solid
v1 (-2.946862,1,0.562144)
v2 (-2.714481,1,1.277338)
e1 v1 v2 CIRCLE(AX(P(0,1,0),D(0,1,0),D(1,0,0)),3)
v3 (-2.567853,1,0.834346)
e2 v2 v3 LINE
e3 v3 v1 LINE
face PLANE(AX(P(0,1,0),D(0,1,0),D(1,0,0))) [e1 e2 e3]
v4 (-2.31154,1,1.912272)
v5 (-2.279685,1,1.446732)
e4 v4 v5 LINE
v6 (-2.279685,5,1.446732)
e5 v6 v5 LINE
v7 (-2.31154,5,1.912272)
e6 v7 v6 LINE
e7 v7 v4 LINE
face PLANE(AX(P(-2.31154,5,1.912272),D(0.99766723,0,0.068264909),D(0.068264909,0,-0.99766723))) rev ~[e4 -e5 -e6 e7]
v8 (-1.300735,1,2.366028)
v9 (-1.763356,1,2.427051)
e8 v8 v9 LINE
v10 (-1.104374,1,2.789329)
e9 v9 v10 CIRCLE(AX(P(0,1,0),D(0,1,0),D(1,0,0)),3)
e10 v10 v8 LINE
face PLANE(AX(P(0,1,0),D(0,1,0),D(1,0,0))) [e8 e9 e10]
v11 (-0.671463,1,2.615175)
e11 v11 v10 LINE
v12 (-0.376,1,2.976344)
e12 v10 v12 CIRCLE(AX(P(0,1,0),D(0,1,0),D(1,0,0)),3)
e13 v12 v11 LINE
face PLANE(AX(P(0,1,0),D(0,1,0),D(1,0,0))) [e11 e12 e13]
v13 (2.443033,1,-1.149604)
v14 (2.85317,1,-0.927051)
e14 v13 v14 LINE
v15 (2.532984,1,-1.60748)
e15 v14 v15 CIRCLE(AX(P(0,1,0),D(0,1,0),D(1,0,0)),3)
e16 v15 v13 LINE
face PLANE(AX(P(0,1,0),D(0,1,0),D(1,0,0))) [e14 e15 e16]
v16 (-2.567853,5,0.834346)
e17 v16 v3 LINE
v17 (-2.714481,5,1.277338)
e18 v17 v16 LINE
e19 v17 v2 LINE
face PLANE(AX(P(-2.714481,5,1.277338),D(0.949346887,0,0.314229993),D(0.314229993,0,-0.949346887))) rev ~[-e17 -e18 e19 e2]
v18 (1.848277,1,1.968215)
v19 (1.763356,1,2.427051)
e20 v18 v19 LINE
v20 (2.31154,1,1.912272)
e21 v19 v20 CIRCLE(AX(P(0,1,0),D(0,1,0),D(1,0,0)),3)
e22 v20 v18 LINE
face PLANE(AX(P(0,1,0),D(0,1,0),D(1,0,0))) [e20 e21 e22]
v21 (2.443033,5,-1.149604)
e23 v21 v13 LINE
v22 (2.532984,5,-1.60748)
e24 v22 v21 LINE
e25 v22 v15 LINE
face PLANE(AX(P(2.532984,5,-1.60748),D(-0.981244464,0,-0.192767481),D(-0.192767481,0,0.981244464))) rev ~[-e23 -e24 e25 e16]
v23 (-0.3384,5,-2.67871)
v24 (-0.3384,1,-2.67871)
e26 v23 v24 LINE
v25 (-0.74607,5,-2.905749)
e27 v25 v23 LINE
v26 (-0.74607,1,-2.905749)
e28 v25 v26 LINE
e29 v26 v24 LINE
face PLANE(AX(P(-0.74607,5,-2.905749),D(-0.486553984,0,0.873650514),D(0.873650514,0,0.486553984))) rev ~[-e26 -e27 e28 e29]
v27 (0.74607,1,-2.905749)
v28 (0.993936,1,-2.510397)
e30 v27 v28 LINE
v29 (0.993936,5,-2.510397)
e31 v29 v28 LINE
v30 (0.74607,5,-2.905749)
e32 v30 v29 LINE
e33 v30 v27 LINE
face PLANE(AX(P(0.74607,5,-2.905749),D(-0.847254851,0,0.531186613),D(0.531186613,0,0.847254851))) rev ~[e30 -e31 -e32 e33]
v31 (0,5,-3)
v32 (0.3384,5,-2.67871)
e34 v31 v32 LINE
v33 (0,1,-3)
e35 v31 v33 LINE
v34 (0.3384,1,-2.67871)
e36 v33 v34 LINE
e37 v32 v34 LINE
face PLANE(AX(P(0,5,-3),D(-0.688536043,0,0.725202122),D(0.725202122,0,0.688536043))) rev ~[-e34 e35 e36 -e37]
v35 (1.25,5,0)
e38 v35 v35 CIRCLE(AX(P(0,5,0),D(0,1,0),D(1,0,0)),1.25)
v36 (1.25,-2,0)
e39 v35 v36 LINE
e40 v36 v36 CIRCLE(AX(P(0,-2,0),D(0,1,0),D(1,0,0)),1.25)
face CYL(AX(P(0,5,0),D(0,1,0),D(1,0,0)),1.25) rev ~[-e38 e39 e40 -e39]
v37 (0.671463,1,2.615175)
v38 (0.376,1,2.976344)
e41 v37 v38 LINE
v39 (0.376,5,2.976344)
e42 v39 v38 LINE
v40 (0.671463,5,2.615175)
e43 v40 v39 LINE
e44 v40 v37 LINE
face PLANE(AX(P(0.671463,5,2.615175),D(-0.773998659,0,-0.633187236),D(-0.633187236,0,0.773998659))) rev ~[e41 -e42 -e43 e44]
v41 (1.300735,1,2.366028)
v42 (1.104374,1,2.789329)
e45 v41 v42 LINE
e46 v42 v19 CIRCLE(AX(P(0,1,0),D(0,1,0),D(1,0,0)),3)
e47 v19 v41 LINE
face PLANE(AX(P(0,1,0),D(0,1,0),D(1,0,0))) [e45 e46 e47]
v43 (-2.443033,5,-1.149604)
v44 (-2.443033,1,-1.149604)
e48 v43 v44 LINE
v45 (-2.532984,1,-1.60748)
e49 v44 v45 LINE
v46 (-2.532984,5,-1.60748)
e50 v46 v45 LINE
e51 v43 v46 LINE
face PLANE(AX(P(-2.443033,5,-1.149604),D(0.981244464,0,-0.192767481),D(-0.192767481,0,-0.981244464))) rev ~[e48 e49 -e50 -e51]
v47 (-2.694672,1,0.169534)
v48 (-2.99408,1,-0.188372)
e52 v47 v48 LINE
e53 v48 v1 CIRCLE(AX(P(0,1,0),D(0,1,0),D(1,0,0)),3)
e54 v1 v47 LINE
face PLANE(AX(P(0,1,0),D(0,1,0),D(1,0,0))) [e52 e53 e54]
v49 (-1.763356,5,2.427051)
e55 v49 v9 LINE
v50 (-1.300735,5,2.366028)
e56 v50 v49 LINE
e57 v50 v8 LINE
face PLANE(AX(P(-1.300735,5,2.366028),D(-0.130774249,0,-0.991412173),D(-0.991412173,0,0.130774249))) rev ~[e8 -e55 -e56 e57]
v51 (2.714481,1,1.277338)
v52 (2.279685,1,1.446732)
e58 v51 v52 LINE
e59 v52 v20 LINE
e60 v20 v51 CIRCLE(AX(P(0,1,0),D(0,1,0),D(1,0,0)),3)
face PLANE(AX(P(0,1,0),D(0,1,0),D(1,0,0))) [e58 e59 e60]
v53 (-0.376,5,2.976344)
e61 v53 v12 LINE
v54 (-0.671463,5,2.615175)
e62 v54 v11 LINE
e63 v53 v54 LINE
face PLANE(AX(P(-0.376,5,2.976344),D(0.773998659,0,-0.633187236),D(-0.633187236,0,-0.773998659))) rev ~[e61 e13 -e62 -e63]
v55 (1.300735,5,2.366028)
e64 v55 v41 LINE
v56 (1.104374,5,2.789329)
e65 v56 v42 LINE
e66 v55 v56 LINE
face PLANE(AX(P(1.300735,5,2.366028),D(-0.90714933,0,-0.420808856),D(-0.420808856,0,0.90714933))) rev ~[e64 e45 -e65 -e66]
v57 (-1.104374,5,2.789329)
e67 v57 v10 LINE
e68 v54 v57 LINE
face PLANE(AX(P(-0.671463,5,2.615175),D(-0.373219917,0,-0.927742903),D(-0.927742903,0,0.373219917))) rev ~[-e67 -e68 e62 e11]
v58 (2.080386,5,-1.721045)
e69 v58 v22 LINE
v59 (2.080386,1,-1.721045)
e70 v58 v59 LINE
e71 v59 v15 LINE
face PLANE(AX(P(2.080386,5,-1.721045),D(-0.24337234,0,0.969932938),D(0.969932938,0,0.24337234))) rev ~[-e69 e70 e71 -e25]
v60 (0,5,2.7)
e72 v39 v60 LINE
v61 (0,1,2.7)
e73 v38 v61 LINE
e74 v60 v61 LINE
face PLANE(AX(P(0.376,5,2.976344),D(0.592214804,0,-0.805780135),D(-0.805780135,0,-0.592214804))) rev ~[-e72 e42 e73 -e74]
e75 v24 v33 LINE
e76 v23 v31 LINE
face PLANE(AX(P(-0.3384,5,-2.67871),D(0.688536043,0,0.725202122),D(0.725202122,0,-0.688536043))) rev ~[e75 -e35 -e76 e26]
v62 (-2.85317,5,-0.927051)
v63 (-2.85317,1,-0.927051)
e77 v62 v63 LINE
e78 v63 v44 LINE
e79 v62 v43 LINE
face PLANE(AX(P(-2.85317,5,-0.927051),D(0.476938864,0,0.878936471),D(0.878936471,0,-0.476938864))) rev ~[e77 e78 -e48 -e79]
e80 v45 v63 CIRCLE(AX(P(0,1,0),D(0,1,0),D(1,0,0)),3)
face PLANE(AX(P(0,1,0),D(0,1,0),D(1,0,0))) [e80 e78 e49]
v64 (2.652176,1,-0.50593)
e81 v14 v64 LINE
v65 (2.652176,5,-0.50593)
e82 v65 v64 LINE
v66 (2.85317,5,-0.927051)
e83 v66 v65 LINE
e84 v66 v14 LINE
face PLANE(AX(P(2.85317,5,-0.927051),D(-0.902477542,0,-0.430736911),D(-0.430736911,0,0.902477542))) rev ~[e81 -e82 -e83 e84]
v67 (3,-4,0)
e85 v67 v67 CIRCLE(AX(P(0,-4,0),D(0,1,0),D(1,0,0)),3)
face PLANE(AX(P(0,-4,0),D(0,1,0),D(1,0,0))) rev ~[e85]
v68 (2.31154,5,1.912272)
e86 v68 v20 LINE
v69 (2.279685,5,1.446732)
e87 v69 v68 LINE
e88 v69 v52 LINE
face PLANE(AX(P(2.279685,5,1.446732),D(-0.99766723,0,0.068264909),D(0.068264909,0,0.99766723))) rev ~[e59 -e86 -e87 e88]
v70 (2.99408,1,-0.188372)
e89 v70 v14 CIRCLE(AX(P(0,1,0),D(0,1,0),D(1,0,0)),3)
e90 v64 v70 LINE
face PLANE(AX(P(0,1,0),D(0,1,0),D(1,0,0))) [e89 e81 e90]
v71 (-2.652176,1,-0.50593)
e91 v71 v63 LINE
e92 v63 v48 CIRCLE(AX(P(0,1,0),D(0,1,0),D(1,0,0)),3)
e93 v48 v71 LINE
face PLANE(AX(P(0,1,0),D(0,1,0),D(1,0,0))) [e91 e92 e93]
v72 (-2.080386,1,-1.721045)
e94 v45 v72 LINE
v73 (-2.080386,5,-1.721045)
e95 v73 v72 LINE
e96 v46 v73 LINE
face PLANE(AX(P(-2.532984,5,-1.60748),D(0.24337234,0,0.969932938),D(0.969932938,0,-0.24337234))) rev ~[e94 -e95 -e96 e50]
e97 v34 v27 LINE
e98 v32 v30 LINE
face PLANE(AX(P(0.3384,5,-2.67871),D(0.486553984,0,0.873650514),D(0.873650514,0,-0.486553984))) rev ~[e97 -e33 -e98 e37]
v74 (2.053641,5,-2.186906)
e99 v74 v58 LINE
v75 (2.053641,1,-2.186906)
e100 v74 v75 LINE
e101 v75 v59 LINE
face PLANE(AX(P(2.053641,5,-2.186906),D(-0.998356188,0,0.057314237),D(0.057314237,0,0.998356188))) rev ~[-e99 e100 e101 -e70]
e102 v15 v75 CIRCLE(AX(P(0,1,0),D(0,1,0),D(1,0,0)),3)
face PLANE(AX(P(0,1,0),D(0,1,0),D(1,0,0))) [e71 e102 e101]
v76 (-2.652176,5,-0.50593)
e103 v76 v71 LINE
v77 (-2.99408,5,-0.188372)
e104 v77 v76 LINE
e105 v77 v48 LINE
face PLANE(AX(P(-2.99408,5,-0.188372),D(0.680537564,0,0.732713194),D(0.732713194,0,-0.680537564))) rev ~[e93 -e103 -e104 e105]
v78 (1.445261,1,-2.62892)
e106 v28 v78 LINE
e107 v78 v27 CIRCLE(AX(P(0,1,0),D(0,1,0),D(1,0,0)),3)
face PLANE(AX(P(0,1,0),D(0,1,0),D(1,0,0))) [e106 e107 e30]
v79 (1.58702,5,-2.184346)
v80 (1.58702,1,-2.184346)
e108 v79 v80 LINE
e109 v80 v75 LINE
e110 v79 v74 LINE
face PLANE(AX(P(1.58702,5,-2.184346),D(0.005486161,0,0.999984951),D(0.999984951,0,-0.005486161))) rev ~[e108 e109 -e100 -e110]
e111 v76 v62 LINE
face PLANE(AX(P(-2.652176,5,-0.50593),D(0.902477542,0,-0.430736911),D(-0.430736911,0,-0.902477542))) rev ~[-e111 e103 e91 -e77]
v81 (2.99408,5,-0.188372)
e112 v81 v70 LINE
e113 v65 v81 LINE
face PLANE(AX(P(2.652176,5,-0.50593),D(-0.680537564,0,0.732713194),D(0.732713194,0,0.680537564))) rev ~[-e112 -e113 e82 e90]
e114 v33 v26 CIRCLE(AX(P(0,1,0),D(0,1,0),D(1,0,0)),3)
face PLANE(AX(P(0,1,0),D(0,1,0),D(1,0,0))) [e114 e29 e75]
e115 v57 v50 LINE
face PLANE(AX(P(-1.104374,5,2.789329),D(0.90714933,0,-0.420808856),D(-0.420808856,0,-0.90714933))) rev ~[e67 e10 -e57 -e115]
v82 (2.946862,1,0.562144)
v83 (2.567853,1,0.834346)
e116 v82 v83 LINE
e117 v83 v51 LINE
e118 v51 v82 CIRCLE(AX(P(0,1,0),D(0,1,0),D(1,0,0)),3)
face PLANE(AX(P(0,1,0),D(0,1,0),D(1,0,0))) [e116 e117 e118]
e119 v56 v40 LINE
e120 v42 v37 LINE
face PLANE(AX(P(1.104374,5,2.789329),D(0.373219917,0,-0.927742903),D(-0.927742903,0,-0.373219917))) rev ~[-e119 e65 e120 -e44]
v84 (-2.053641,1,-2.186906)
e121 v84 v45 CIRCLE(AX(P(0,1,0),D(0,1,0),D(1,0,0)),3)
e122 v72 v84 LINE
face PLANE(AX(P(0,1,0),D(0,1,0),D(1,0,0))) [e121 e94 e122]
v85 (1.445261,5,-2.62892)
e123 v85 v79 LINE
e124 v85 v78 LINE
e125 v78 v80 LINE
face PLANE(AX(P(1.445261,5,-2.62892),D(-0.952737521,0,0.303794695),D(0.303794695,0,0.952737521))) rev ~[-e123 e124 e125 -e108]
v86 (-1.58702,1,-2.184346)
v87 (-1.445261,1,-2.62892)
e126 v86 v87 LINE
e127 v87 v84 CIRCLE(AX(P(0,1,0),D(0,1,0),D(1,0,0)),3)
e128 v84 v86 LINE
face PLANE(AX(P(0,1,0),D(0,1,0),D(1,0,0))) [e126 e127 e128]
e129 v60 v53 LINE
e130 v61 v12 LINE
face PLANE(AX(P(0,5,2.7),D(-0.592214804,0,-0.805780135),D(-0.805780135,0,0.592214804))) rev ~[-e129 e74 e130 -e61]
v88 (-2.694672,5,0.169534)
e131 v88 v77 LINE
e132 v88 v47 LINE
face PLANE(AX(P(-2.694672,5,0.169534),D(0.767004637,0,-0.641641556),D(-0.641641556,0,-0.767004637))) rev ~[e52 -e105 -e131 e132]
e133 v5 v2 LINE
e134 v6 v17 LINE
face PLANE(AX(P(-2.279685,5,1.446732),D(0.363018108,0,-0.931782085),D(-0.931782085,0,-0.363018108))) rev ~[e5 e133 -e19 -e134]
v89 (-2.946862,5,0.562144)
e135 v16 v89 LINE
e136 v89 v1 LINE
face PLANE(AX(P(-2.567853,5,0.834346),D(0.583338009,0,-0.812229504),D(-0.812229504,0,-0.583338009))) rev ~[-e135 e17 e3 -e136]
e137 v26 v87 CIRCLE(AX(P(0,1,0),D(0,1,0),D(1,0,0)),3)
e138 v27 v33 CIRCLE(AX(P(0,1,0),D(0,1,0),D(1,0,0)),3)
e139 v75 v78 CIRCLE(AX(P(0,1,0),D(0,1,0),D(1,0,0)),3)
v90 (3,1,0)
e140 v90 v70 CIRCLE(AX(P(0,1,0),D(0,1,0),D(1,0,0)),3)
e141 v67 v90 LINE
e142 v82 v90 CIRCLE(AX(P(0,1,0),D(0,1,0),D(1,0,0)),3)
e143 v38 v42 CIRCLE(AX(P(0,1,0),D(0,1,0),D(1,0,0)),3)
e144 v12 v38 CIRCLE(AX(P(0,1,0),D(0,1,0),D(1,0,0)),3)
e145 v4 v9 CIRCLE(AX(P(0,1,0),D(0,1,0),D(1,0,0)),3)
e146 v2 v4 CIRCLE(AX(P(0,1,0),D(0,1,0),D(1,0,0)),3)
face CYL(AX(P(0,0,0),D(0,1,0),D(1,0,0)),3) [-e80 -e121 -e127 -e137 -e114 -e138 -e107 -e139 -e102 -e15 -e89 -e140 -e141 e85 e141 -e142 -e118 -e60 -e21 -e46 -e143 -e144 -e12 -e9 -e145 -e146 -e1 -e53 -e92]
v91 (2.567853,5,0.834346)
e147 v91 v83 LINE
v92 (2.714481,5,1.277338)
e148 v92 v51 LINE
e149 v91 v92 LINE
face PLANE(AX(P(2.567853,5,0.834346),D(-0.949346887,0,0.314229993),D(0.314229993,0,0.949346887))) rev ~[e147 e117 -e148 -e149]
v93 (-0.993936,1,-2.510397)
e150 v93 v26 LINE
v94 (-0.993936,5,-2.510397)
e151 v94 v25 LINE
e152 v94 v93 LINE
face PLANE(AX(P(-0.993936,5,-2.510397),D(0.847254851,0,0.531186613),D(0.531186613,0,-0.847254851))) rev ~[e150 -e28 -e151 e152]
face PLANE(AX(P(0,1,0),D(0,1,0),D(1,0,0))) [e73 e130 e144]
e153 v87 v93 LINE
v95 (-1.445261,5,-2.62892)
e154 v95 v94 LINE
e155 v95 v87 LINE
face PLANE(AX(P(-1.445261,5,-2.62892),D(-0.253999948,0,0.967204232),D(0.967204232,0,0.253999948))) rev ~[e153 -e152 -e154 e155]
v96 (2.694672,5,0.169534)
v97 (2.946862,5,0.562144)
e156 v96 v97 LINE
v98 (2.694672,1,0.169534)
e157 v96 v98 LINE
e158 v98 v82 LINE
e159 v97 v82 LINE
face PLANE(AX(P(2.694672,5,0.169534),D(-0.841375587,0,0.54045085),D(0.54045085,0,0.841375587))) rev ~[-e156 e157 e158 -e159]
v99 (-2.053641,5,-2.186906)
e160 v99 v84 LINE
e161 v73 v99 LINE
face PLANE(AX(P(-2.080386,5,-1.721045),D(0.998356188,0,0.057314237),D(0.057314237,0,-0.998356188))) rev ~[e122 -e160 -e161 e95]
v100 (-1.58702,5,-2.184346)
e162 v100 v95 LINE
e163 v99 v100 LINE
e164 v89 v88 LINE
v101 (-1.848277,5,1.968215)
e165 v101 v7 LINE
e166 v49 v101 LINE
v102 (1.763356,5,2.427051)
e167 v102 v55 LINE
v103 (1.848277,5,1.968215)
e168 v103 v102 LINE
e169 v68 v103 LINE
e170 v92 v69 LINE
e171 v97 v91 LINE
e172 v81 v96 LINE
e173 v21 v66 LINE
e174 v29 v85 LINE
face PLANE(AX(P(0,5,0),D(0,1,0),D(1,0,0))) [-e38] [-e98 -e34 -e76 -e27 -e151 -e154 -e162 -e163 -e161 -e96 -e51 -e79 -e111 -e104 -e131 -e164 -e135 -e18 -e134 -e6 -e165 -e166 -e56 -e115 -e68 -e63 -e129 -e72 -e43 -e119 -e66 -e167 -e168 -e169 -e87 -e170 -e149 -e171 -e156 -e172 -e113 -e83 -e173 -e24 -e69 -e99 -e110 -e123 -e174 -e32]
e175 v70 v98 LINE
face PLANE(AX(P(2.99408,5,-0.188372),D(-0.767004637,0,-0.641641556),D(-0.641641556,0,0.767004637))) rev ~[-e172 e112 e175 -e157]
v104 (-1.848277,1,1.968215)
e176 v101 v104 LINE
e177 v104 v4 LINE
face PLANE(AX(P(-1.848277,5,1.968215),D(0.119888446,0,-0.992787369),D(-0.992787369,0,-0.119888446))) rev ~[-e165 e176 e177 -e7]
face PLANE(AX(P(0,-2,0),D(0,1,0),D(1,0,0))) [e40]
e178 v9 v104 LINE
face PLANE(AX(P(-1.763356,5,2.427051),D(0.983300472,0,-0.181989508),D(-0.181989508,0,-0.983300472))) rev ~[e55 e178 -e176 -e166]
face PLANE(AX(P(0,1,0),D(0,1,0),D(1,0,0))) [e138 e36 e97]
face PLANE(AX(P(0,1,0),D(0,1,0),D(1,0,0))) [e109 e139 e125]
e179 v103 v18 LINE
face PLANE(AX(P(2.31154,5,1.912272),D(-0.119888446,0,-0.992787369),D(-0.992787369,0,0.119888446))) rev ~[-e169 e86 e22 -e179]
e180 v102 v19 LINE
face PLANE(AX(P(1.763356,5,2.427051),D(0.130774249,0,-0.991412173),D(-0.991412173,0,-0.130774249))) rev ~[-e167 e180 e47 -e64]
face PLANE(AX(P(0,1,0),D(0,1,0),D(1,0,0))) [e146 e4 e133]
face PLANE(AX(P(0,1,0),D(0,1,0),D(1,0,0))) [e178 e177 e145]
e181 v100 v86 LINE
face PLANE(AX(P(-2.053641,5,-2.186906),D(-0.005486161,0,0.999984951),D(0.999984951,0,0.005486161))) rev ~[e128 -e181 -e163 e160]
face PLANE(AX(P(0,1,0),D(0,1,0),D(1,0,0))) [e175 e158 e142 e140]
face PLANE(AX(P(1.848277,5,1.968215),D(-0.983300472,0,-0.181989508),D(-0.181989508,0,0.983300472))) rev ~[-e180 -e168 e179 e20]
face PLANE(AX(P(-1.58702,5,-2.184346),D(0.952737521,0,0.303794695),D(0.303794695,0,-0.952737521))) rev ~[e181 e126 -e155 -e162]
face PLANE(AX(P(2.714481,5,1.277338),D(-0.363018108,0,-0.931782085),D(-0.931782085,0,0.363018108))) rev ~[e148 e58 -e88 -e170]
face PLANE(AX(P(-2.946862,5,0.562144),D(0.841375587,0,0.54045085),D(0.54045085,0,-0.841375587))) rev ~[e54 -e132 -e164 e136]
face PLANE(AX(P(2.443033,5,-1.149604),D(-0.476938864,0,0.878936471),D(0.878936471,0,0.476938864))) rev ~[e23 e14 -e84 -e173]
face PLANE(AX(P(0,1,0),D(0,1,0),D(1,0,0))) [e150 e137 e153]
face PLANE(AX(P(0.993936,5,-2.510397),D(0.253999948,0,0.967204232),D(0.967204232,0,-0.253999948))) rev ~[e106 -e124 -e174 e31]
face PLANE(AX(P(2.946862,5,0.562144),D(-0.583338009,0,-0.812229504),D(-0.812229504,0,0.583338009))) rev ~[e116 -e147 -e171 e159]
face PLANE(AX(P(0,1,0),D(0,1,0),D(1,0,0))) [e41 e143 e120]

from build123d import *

# Parameters (mm, degrees)
SKETCH_1_R           = 3
EXTRUDE_1_DEPTH      = 5
EXTRUDE_1_DEPTH_BACK = 4
SKETCH_2_OUTSIDE_W   = 10.474
SKETCH_2_OUTSIDE_H   = 10.474
CUT_EXTRUDE_1_DEPTH  = 4
SKETCH_3_R           = 1.25
CUT_EXTRUDE_2_DEPTH  = 7


with BuildPart() as part:
    # Эскиз1 → Бобышка-Вытянуть1 (new body, two sides)
    with BuildSketch(Plane(origin=(0, 0, 0), x_dir=(1, 0, 0), z_dir=(0, 1, 0))) as extrude_1_sk:
        Circle(SKETCH_1_R)
    extrude(amount=EXTRUDE_1_DEPTH)
    extrude(extrude_1_sk.sketch, amount=-EXTRUDE_1_DEPTH_BACK)

    # Эскиз2 outside → Вырез-Вытянуть1 (cut)
    with BuildSketch(Plane(origin=(0, 5, 0), x_dir=(1, 0, 0), z_dir=(0, 1, 0))):
        Rectangle(SKETCH_2_OUTSIDE_W, SKETCH_2_OUTSIDE_H)
        Polygon((0, 3), (0.338399731, 2.678709694), (0.746069661, 2.905749483), (0.993936292, 2.510396512), (1.445261022, 2.62892004), (1.587020181, 2.184345885), (2.053641318, 2.186905882), (2.080385755, 1.721044772), (2.532983777, 1.607480385), (2.443033042, 1.149604087), (2.853169549, 0.927050983), (2.652175577, 0.505929549), (2.994080185, 0.188371559), (2.694672167, -0.169534403), (2.946861752, -0.562143944), (2.567852594, -0.834345885), (2.714481157, -1.277337875), (2.279685399, -1.446732346), (2.311539728, -1.912271969), (1.848277186, -1.968215294), (1.763355757, -2.427050983), (1.30073492, -2.366028036), (1.104373658, -2.789329458), (0.671462695, -2.615174535), (0.375999701, -2.976344104), (0, -2.7), (-0.375999701, -2.976344104), (-0.671462695, -2.615174535), (-1.104373658, -2.789329458), (-1.30073492, -2.366028036), (-1.763355757, -2.427050983), (-1.848277186, -1.968215294), (-2.311539728, -1.912271969), (-2.279685399, -1.446732346), (-2.714481157, -1.277337875), (-2.567852594, -0.834345885), (-2.946861752, -0.562143944), (-2.694672167, -0.169534403), (-2.994080185, 0.188371559), (-2.652175577, 0.505929549), (-2.853169549, 0.927050983), (-2.443033042, 1.149604087), (-2.532983777, 1.607480385), (-2.080385755, 1.721044772), (-2.053641318, 2.186905882), (-1.587020181, 2.184345885), (-1.445261022, 2.62892004), (-0.993936292, 2.510396512), (-0.746069661, 2.905749483), (-0.338399731, 2.678709694), align=None, mode=Mode.SUBTRACT)
    extrude(amount=-CUT_EXTRUDE_1_DEPTH, mode=Mode.SUBTRACT)

    # Эскиз3 → Вырез-Вытянуть2 (cut)
    with BuildSketch(Plane(origin=(0, 5, 0), x_dir=(1, 0, 0), z_dir=(0, 1, 0))):
        Circle(SKETCH_3_R)
    extrude(amount=-CUT_EXTRUDE_2_DEPTH, mode=Mode.SUBTRACT)


solid = part.part
